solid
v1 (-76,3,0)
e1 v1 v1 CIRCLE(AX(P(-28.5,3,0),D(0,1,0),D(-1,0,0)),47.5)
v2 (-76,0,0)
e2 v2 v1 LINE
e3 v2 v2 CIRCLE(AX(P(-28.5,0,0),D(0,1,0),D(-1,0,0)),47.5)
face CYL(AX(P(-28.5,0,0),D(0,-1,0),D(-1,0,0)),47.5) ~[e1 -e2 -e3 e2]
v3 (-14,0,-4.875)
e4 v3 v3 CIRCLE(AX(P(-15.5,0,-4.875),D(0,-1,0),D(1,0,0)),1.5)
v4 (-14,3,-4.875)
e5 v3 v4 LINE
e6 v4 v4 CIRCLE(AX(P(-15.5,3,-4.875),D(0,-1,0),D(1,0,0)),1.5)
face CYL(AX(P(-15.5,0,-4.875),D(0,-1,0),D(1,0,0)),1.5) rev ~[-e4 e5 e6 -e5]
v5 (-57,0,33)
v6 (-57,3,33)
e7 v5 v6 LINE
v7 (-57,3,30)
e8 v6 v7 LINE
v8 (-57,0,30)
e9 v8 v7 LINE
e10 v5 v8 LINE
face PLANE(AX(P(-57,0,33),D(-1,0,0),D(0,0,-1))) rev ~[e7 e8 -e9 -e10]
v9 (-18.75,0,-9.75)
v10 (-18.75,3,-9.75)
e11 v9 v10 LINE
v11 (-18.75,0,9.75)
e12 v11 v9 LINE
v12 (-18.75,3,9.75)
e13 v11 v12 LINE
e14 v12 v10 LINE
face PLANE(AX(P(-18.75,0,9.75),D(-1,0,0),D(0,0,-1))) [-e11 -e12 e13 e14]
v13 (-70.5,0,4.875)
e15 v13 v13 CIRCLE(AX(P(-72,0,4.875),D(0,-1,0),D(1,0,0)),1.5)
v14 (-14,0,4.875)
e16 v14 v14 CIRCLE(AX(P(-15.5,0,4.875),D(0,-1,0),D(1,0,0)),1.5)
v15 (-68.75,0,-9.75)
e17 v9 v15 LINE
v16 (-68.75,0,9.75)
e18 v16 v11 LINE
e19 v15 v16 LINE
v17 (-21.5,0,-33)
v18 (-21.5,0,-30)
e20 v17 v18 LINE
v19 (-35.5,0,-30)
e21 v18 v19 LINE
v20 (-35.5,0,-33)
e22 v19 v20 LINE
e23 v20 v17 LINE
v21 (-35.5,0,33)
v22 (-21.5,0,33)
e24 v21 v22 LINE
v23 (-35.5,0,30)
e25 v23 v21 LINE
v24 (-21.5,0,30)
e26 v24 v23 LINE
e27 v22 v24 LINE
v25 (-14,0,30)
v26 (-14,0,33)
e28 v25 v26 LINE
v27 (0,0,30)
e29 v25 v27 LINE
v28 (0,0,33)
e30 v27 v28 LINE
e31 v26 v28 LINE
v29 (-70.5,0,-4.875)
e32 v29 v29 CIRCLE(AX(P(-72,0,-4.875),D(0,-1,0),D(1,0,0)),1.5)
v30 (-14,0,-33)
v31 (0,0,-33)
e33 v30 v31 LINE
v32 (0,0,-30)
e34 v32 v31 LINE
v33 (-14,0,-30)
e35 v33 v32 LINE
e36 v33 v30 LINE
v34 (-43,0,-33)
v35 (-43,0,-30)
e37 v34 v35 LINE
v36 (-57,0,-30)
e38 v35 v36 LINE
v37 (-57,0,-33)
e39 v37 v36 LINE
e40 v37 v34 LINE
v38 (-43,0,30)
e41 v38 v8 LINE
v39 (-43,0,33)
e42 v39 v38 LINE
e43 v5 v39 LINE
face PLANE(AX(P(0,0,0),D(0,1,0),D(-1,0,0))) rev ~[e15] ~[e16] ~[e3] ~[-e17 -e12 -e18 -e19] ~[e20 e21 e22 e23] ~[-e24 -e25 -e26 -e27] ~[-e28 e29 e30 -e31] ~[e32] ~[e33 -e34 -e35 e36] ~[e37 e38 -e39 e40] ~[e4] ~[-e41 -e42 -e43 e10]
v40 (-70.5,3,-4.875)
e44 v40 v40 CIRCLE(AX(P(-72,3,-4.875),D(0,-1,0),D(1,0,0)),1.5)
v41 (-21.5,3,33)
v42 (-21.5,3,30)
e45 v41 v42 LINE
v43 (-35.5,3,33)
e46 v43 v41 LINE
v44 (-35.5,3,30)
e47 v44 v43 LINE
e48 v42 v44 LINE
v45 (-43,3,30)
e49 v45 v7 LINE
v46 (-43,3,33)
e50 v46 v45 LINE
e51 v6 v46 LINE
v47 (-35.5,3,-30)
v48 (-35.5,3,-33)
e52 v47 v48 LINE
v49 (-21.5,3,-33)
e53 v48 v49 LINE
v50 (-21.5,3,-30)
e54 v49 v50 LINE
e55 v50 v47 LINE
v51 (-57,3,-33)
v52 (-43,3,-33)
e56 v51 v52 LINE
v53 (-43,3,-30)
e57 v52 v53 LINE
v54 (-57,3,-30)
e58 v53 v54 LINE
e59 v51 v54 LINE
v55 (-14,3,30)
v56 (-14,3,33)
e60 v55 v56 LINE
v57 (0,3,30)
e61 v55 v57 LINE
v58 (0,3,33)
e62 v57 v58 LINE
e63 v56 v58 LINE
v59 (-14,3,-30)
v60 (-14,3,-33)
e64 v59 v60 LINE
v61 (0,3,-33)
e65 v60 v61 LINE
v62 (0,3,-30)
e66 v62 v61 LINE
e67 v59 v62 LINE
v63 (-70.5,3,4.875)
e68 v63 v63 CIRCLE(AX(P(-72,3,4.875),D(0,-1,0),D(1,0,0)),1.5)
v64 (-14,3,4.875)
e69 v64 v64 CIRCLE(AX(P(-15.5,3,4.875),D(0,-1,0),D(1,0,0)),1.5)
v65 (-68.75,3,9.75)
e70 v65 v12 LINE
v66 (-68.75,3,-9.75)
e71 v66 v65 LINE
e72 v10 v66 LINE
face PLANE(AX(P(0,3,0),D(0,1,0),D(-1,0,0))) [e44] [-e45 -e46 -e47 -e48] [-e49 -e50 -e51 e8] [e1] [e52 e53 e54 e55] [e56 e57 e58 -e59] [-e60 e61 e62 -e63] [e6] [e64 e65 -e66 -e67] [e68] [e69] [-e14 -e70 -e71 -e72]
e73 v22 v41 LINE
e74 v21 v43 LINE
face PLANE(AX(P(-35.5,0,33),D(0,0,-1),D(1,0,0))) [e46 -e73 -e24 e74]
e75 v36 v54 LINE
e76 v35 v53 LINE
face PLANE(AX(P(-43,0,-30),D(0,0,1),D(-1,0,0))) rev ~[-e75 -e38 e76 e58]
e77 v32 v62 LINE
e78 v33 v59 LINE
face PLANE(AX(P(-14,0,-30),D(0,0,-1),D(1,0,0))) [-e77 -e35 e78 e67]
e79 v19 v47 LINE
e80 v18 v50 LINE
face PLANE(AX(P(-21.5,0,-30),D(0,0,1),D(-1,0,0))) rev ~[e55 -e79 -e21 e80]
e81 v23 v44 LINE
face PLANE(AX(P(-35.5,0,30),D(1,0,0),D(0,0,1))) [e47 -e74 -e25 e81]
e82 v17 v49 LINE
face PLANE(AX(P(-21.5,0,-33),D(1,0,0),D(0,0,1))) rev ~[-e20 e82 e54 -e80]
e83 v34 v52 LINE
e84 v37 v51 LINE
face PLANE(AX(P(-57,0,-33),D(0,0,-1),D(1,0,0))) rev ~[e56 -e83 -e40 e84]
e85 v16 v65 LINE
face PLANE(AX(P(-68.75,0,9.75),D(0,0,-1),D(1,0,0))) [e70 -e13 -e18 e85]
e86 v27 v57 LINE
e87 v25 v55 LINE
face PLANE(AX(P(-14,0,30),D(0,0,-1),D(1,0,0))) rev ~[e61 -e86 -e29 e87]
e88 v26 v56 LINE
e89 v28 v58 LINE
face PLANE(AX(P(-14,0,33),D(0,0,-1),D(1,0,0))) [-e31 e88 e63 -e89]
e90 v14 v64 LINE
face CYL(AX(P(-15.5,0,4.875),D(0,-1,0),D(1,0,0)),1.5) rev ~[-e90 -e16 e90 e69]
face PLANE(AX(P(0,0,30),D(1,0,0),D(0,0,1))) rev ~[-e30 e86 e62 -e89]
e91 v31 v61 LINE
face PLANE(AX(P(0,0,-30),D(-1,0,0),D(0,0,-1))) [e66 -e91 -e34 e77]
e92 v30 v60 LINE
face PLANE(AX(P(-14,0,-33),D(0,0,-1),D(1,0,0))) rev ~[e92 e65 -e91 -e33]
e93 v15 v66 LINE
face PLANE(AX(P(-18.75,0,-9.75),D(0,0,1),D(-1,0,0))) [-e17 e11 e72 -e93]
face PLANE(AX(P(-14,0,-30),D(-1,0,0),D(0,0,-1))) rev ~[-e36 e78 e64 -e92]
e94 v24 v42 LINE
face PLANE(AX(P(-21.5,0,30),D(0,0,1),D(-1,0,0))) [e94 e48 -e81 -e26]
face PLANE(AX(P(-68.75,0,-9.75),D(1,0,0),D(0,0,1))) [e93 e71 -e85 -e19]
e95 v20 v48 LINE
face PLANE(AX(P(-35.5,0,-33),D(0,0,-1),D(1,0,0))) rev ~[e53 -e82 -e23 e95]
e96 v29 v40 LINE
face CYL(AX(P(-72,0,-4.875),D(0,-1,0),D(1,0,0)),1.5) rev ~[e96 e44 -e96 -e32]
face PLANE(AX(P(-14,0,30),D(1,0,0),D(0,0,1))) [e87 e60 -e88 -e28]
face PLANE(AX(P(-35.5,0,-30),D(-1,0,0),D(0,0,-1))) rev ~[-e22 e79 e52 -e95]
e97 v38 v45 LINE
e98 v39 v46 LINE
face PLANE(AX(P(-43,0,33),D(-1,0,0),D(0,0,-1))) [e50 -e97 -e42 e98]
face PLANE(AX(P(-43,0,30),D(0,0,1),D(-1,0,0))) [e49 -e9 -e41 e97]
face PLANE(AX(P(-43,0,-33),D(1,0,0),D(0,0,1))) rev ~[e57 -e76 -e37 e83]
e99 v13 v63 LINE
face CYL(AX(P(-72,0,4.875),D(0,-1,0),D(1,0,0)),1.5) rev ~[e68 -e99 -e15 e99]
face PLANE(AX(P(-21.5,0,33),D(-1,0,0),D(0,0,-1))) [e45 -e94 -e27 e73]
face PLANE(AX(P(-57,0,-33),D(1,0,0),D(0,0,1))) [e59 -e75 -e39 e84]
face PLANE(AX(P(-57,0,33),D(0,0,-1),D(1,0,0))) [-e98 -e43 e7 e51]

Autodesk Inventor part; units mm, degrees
ref_plane "YZ Plane" through (0, 0, 0) normal (1, 0, 0) x (0, 1, 0)
ref_plane "XZ Plane" through (0, 0, 0) normal (0, 1, 0) x (-1, 0, 0)
ref_plane "XY Plane" through (0, 0, 0) normal (0, 0, 1) x (1, 0, 0)
sketch "Boceto1" plane through (0, 0, 0) normal (0, 1, 0) x (-1, 0, 0)
  circle A0 centre (28.5, 0) radius 1.5
  circle A1 centre (28.5, -8) radius 1.5
  circle A2 centre (28.5, 8) radius 1.5
  circle A3 centre (36.5, 0) radius 1.5
  circle A4 centre (20.5, 0) radius 1.5
  circle A5 centre (28.5, 0) radius 47.5
  line L0 (57, 33) -> (43, 33)
  line L1 (43, 33) -> (43, 30)
  line L2 (35.5, 30) -> (35.5, 33)
  line L3 (35.5, 33) -> (21.5, 33)
  line L4 (21.5, 33) -> (21.5, 30)
  line L5 (14, 30) -> (14, 33)
  line L6 (14, 33) -> (0, 33)
  line L7 (43, 30) -> (57, 30)
  line L8 (21.5, 30) -> (35.5, 30)
  line L9 (14, 30) -> (0, 30)
  line L10 (0, 30) -> (0, 33)
  line L11 (57, 33) -> (57, 30)
  line L12 (35.5, -30) -> (35.5, -33)
  line L13 (21.5, -30) -> (35.5, -30)
  line L14 (35.5, -33) -> (21.5, -33)
  line L15 (21.5, -33) -> (21.5, -30)
  line L16 (57, -33) -> (43, -33)
  line L17 (43, -33) -> (43, -30)
  line L18 (43, -30) -> (57, -30)
  line L19 (14, -30) -> (14, -33)
  line L20 (14, -30) -> (0, -30)
  line L21 (14, -33) -> (0, -33)
  line L22 (0, -30) -> (0, -33)
  line L23 (57, -33) -> (57, -30)
extrude "Extrusión1" add sketch "Boceto1" along normal blind 3
sketch "Boceto2" plane through (-28.5, 0, 0) normal (0, -1, 0) x (1, 0, 0)
  circle A0 centre (0, 0) radius 3.5
  point P0 (28.5, 0)
  dimension "d23" = 7
extrude "Extrusión2" cut sketch "Boceto2" against normal blind 10
sketch "Boceto3" plane through (-28.5, 0, 0) normal (0, -1, 0) x (1, 0, 0)
  circle A0 centre (0, 0) radius 4.5
  point P0 (28.5, 0)
  dimension "d26" = 9
extrude "Extrusión3" cut sketch "Boceto3" against normal blind 10
sketch "Boceto4" plane through (-28.5, 0, 0) normal (0, -1, 0) x (1, 0, 0)
  line L0 (-40.25, 9.75) -> (9.75, 9.75)
  line L1 (9.75, 9.75) -> (9.75, -9.75)
  line L2 (9.75, -9.75) -> (-40.25, -9.75)
  line L3 (-40.25, -9.75) -> (-40.25, 9.75)
  circle A0 centre (-43.5, 4.875) radius 1.5
  circle A1 centre (-43.5, -4.875) radius 1.5
  circle A2 centre (13, 4.875) radius 1.5
  circle A3 centre (13, -4.875) radius 1.5
  point P0 (28.5, 0)
  point P1 (-28.5, 33)
  point P2 (28.5, 33)
  point P3 (28.5, 30)
  point P4 (-28.5, -33)
  point P5 (0, 0)
  dimension "d32" = 50
extrude "Extrusión4" cut sketch "Boceto4" against normal blind 3
sketch "Boceto5" plane through (-28.5, 0, 0) normal (0, -1, 0) x (1, 0, 0)
  point P0 (28.5, 0)
  point P1 (-14.5, 33)
  point P2 (-28.5, 33)
  point P3 (7, 33)
  point P4 (-7, 33)
properties part number "base2"
